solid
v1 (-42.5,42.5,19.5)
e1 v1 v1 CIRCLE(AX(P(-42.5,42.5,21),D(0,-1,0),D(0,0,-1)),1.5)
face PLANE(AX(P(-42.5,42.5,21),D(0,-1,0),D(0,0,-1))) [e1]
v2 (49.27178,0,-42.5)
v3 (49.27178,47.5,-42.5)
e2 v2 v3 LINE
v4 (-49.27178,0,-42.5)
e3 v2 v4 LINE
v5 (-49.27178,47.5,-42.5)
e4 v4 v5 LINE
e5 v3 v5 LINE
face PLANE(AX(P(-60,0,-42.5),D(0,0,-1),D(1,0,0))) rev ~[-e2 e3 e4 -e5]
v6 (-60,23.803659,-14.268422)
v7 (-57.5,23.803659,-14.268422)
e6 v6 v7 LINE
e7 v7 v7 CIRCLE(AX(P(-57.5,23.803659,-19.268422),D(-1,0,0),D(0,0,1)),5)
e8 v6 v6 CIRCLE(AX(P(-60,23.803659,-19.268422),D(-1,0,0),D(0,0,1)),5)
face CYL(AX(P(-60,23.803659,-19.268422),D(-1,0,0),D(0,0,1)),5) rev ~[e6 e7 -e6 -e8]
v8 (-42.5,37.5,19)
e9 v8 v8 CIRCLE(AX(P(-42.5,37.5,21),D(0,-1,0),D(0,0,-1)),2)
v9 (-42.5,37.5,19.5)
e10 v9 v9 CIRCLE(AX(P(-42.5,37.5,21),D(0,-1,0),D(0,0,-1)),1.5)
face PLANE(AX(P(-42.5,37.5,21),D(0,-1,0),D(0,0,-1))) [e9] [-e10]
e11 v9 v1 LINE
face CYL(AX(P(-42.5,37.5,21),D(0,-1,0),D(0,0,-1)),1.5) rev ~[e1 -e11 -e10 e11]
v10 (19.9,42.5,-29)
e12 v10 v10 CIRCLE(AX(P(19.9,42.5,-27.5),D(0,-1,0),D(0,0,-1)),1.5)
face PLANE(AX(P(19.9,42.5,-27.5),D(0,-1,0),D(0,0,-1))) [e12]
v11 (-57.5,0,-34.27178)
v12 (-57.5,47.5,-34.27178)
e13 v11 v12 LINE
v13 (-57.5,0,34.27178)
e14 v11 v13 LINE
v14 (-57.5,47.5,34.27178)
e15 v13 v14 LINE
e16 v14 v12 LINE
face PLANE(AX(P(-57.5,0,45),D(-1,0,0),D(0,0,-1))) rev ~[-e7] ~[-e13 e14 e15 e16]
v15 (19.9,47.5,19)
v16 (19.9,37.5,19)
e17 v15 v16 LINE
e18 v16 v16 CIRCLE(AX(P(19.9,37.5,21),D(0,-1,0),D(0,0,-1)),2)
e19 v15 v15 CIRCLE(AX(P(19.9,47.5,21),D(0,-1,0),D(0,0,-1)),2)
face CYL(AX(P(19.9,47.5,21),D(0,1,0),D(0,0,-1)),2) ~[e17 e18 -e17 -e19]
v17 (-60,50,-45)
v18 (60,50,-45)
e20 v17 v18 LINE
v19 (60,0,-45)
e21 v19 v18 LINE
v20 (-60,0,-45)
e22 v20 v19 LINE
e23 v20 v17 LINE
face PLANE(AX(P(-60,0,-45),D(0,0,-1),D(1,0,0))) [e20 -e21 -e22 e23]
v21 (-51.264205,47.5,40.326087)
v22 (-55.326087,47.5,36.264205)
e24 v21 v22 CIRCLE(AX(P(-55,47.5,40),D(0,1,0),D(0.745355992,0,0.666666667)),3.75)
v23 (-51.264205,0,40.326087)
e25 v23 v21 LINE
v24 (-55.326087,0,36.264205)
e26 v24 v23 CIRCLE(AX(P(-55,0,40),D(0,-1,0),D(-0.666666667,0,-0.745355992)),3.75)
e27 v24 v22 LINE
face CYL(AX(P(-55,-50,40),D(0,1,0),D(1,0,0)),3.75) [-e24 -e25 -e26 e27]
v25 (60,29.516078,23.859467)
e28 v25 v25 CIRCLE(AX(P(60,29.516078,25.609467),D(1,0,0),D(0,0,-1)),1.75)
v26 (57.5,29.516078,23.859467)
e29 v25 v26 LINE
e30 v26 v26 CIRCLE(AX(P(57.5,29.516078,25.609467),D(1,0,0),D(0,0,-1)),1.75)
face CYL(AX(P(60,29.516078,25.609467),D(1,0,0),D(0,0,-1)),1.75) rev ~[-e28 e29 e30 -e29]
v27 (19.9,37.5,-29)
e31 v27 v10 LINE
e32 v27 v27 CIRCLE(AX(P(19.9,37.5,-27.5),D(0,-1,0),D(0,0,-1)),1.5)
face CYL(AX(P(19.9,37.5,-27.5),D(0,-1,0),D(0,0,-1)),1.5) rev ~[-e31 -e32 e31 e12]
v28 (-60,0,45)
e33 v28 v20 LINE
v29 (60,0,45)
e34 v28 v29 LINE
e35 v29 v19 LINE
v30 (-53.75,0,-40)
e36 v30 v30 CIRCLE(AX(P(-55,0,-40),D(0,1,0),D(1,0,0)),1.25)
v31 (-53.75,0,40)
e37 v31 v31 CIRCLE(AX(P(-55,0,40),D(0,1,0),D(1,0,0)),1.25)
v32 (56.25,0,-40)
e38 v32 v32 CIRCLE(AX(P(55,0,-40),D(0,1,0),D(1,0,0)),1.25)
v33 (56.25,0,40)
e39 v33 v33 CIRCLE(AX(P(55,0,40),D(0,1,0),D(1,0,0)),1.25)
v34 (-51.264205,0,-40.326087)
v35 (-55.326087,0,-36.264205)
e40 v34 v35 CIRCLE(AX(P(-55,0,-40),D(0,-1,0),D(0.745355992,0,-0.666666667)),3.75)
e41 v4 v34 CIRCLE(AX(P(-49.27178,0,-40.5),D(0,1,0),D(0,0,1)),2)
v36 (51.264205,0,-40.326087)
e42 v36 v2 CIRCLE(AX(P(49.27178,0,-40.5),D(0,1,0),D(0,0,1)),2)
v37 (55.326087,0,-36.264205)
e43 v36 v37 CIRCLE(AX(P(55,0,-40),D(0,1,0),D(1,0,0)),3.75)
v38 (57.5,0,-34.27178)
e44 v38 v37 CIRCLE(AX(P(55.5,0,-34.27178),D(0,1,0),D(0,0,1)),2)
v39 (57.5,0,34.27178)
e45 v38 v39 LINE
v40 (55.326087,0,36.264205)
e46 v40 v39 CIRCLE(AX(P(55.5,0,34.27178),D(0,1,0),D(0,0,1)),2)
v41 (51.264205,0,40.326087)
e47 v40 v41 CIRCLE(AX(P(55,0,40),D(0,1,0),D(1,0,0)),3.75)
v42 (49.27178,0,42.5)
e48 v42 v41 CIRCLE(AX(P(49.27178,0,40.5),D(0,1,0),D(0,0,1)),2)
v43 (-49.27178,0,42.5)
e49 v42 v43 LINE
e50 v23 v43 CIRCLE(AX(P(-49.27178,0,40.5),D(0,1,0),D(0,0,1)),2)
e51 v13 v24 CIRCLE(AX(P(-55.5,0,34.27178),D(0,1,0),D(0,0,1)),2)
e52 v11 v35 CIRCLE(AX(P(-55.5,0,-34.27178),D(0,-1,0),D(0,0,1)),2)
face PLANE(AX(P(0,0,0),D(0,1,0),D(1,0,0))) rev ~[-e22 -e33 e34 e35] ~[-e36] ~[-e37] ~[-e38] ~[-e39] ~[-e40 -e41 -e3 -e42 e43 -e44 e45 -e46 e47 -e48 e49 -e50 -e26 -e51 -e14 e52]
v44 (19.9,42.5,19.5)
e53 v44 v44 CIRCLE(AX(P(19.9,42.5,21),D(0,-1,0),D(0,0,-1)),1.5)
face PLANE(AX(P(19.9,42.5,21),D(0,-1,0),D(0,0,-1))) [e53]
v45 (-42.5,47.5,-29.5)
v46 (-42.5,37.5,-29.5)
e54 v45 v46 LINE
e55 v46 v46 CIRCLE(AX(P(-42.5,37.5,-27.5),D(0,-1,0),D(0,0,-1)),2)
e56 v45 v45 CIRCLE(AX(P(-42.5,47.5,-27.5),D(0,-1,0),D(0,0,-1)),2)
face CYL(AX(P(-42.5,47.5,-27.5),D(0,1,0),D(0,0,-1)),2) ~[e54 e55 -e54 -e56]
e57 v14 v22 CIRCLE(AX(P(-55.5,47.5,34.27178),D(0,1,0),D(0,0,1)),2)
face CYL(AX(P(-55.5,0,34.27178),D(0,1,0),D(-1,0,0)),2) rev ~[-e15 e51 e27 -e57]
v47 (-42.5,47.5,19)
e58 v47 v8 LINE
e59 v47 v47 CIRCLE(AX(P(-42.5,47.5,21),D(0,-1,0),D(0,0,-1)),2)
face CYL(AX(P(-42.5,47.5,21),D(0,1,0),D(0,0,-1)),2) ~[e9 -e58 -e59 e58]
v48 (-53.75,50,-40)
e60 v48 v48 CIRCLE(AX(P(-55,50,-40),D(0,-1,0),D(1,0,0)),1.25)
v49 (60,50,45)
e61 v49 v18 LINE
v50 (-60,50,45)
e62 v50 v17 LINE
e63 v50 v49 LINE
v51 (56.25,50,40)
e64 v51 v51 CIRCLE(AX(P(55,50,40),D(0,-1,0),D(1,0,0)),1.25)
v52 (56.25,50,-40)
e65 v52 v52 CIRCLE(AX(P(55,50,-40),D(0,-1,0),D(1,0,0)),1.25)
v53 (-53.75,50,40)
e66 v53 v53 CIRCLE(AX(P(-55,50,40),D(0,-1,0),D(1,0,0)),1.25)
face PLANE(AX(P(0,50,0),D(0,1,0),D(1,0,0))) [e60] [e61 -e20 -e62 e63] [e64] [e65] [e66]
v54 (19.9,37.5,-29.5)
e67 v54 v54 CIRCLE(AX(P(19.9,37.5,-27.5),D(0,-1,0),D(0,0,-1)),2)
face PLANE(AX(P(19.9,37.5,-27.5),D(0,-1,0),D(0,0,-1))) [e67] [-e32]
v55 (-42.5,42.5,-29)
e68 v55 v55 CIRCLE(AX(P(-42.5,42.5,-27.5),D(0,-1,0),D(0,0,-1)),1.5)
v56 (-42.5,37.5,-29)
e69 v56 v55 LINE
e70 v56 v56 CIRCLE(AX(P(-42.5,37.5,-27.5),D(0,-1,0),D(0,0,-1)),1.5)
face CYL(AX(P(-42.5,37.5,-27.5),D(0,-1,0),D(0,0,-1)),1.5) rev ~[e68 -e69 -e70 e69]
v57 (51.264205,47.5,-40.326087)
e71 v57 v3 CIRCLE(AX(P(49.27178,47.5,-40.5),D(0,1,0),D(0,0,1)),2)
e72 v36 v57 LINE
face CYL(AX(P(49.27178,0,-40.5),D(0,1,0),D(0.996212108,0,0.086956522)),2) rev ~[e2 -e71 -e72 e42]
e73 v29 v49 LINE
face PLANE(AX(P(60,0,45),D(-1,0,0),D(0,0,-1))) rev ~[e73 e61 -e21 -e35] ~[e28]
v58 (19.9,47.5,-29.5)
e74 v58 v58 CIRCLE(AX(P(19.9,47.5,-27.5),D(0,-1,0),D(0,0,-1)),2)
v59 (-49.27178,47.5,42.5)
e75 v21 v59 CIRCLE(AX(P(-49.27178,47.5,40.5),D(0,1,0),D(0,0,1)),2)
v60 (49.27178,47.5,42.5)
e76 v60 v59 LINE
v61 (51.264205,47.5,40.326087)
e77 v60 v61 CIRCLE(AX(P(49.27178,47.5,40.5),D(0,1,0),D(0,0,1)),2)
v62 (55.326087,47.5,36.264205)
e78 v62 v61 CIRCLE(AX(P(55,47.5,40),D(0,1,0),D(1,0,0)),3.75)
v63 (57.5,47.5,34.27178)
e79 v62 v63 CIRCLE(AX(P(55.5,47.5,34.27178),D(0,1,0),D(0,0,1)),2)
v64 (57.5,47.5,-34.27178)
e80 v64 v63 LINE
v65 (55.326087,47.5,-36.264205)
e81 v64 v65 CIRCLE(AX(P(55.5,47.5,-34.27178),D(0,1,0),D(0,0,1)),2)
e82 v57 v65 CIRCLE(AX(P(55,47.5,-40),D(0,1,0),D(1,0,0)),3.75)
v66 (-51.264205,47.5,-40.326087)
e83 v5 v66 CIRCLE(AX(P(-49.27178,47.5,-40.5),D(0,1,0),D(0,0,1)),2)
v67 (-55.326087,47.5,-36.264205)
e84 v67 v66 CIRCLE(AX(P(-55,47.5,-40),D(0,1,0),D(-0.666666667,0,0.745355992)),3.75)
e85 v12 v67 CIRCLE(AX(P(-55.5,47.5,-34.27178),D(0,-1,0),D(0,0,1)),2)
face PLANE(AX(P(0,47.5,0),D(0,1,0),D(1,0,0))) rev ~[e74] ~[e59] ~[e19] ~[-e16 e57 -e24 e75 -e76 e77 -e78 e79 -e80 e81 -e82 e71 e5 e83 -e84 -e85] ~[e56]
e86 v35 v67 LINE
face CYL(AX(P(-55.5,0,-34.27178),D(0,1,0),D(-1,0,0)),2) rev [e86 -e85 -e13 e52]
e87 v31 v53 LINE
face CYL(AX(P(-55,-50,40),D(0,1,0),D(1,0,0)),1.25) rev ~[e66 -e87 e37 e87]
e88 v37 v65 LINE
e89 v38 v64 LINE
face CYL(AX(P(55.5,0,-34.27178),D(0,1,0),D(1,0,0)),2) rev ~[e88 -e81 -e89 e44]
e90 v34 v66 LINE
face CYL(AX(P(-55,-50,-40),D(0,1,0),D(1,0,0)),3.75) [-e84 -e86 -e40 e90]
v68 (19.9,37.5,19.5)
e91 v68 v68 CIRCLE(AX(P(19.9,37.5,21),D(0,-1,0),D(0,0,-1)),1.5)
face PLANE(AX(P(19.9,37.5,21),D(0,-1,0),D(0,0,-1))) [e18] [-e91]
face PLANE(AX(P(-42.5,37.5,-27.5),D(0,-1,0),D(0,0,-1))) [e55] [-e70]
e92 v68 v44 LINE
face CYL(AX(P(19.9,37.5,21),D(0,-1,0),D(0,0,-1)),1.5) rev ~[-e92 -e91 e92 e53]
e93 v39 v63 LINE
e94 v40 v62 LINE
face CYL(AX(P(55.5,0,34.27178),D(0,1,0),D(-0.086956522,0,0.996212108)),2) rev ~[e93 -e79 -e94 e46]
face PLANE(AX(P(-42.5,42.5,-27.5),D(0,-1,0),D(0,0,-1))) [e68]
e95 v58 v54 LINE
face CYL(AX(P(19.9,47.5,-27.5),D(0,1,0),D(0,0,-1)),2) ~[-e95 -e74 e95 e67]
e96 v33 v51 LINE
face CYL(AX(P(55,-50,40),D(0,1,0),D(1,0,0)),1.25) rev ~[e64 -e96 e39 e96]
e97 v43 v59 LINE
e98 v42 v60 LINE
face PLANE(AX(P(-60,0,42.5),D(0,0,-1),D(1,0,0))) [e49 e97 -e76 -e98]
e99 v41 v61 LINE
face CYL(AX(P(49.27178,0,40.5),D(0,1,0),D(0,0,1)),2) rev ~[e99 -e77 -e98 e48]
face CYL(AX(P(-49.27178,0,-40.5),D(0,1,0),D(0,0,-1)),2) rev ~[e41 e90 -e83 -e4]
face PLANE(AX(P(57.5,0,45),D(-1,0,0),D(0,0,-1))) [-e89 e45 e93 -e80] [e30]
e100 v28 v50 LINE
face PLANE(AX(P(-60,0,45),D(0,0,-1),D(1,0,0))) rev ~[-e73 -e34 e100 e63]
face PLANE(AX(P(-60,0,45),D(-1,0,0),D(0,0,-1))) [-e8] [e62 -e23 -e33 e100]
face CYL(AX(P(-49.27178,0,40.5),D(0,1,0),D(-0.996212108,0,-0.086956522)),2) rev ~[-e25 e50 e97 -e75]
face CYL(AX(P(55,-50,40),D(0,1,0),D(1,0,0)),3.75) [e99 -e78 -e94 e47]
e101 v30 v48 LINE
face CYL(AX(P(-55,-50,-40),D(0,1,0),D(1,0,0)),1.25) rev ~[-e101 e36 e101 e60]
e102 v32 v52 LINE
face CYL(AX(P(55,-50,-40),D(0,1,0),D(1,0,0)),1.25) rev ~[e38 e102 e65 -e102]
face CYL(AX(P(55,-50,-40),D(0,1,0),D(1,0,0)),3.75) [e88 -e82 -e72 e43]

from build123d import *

# Parameters (mm, degrees)
SKETCH1_W             = 120
SKETCH1_H             = 90
BOSS_EXTRUDE1_DEPTH   = 50
M3_TAPPED_HOLE1_D     = 2.5
M3_TAPPED_HOLE1_DEPTH = 50
M3_TAPPED_HOLE1_TIP   = 0.751075774
SHELL2_T              = -2.5
FILLET2_R             = 2
CUT_EXTRUDE2_REACH    = 139.568
SKETCH13_R            = 5
CUT_EXTRUDE3_REACH    = 139.568
SKETCH14_R            = 1.75
SKETCH15_R            = 2
BOSS_EXTRUDE2_DEPTH   = 10
SKETCH16_R            = 1.5
CUT_EXTRUDE4_DEPTH    = 5


with BuildPart() as part:
    # Sketch1 → Boss-Extrude1 (new body)
    with BuildSketch(Plane(origin=(0, 0, 0), x_dir=(1, 0, 0), z_dir=(0, 1, 0))):
        Rectangle(SKETCH1_W, SKETCH1_H)
    extrude(amount=BOSS_EXTRUDE1_DEPTH)

    # M3 Tapped Hole1
    with Locations(Plane(origin=(0, 0, 0), x_dir=(-1, 0, 0), z_dir=(0, -1, 0))):
        with Locations((55, -40), (55, 40), (-55, 40), (-55, -40)):
            Hole(M3_TAPPED_HOLE1_D / 2, depth=M3_TAPPED_HOLE1_DEPTH)
            with Locations((0, 0, -(M3_TAPPED_HOLE1_DEPTH + M3_TAPPED_HOLE1_TIP / 2))):  # 118° drill point
                Cone(0, M3_TAPPED_HOLE1_D / 2, M3_TAPPED_HOLE1_TIP, mode=Mode.SUBTRACT)

    # Shell2
    shell2_openings = [part.faces().sort_by_distance(p)[0] for p in [
        (0, 0, 0),
    ]]
    offset(amount=SHELL2_T, openings=shell2_openings, kind=Kind.INTERSECTION)

    # Fillet2
    fillet2_edges = [part.edges().sort_by_distance(p)[0] for p in [
        (-52.204915028, 23.75, 42.5),
        (-57.5, 23.75, -37.204915028),
        (-52.204915028, 23.75, -42.5),
        (52.204915028, 23.75, -42.5),
        (57.5, 23.75, -37.204915028),
        (57.5, 23.75, 37.204915028),
        (52.204915028, 23.75, 42.5),
        (-57.5, 23.75, 37.204915028),
    ]]
    fillet(fillet2_edges, radius=FILLET2_R)

    # Sketch13 → Cut-Extrude2 (cut, up to next)
    with BuildSketch(Plane.ZY.offset(60), mode=Mode.PRIVATE) as cut_extrude2_sk1:
        with Locations((-19.268421651, 23.803658595)):
            Circle(SKETCH13_R)
    cut_extrude2_tool1 = extrude(cut_extrude2_sk1.sketch, amount=-CUT_EXTRUDE2_REACH, mode=Mode.PRIVATE) & part.part
    add(cut_extrude2_tool1.solids().sort_by_distance((-60, 23.803659, -19.268422))[0], mode=Mode.SUBTRACT)

    # Sketch14 → Cut-Extrude3 (cut, up to next)
    with BuildSketch(Plane(origin=(60, 0, 0), x_dir=(0, 0, -1), z_dir=(1, 0, 0)), mode=Mode.PRIVATE) as cut_extrude3_sk1:
        with Locations((-25.609467242, 29.516078094)):
            Circle(SKETCH14_R)
    cut_extrude3_tool1 = extrude(cut_extrude3_sk1.sketch, amount=-CUT_EXTRUDE3_REACH, mode=Mode.PRIVATE) & part.part
    add(cut_extrude3_tool1.solids().sort_by_distance((60, 29.516078, 25.609467))[0], mode=Mode.SUBTRACT)

    # Sketch15 → Boss-Extrude2 (add)
    with BuildSketch(Plane.XZ.offset(-47.5)):
        with Locations((-42.5, -27.5)):
            Circle(SKETCH15_R)
        with Locations((-42.5, 21)):
            Circle(SKETCH15_R)
        with Locations((19.9, -27.5)):
            Circle(SKETCH15_R)
        with Locations((19.9, 21)):
            Circle(SKETCH15_R)
    extrude(amount=BOSS_EXTRUDE2_DEPTH)

    # Sketch16 → Cut-Extrude4 (cut)
    with BuildSketch(Plane.XZ.offset(-37.5)):
        with Locations((-42.5, 21)):
            Circle(SKETCH16_R)
        with Locations((19.9, 21)):
            Circle(SKETCH16_R)
        with Locations((-42.5, -27.5)):
            Circle(SKETCH16_R)
        with Locations((19.9, -27.5)):
            Circle(SKETCH16_R)
    extrude(amount=-CUT_EXTRUDE4_DEPTH, mode=Mode.SUBTRACT)


solid = part.part
